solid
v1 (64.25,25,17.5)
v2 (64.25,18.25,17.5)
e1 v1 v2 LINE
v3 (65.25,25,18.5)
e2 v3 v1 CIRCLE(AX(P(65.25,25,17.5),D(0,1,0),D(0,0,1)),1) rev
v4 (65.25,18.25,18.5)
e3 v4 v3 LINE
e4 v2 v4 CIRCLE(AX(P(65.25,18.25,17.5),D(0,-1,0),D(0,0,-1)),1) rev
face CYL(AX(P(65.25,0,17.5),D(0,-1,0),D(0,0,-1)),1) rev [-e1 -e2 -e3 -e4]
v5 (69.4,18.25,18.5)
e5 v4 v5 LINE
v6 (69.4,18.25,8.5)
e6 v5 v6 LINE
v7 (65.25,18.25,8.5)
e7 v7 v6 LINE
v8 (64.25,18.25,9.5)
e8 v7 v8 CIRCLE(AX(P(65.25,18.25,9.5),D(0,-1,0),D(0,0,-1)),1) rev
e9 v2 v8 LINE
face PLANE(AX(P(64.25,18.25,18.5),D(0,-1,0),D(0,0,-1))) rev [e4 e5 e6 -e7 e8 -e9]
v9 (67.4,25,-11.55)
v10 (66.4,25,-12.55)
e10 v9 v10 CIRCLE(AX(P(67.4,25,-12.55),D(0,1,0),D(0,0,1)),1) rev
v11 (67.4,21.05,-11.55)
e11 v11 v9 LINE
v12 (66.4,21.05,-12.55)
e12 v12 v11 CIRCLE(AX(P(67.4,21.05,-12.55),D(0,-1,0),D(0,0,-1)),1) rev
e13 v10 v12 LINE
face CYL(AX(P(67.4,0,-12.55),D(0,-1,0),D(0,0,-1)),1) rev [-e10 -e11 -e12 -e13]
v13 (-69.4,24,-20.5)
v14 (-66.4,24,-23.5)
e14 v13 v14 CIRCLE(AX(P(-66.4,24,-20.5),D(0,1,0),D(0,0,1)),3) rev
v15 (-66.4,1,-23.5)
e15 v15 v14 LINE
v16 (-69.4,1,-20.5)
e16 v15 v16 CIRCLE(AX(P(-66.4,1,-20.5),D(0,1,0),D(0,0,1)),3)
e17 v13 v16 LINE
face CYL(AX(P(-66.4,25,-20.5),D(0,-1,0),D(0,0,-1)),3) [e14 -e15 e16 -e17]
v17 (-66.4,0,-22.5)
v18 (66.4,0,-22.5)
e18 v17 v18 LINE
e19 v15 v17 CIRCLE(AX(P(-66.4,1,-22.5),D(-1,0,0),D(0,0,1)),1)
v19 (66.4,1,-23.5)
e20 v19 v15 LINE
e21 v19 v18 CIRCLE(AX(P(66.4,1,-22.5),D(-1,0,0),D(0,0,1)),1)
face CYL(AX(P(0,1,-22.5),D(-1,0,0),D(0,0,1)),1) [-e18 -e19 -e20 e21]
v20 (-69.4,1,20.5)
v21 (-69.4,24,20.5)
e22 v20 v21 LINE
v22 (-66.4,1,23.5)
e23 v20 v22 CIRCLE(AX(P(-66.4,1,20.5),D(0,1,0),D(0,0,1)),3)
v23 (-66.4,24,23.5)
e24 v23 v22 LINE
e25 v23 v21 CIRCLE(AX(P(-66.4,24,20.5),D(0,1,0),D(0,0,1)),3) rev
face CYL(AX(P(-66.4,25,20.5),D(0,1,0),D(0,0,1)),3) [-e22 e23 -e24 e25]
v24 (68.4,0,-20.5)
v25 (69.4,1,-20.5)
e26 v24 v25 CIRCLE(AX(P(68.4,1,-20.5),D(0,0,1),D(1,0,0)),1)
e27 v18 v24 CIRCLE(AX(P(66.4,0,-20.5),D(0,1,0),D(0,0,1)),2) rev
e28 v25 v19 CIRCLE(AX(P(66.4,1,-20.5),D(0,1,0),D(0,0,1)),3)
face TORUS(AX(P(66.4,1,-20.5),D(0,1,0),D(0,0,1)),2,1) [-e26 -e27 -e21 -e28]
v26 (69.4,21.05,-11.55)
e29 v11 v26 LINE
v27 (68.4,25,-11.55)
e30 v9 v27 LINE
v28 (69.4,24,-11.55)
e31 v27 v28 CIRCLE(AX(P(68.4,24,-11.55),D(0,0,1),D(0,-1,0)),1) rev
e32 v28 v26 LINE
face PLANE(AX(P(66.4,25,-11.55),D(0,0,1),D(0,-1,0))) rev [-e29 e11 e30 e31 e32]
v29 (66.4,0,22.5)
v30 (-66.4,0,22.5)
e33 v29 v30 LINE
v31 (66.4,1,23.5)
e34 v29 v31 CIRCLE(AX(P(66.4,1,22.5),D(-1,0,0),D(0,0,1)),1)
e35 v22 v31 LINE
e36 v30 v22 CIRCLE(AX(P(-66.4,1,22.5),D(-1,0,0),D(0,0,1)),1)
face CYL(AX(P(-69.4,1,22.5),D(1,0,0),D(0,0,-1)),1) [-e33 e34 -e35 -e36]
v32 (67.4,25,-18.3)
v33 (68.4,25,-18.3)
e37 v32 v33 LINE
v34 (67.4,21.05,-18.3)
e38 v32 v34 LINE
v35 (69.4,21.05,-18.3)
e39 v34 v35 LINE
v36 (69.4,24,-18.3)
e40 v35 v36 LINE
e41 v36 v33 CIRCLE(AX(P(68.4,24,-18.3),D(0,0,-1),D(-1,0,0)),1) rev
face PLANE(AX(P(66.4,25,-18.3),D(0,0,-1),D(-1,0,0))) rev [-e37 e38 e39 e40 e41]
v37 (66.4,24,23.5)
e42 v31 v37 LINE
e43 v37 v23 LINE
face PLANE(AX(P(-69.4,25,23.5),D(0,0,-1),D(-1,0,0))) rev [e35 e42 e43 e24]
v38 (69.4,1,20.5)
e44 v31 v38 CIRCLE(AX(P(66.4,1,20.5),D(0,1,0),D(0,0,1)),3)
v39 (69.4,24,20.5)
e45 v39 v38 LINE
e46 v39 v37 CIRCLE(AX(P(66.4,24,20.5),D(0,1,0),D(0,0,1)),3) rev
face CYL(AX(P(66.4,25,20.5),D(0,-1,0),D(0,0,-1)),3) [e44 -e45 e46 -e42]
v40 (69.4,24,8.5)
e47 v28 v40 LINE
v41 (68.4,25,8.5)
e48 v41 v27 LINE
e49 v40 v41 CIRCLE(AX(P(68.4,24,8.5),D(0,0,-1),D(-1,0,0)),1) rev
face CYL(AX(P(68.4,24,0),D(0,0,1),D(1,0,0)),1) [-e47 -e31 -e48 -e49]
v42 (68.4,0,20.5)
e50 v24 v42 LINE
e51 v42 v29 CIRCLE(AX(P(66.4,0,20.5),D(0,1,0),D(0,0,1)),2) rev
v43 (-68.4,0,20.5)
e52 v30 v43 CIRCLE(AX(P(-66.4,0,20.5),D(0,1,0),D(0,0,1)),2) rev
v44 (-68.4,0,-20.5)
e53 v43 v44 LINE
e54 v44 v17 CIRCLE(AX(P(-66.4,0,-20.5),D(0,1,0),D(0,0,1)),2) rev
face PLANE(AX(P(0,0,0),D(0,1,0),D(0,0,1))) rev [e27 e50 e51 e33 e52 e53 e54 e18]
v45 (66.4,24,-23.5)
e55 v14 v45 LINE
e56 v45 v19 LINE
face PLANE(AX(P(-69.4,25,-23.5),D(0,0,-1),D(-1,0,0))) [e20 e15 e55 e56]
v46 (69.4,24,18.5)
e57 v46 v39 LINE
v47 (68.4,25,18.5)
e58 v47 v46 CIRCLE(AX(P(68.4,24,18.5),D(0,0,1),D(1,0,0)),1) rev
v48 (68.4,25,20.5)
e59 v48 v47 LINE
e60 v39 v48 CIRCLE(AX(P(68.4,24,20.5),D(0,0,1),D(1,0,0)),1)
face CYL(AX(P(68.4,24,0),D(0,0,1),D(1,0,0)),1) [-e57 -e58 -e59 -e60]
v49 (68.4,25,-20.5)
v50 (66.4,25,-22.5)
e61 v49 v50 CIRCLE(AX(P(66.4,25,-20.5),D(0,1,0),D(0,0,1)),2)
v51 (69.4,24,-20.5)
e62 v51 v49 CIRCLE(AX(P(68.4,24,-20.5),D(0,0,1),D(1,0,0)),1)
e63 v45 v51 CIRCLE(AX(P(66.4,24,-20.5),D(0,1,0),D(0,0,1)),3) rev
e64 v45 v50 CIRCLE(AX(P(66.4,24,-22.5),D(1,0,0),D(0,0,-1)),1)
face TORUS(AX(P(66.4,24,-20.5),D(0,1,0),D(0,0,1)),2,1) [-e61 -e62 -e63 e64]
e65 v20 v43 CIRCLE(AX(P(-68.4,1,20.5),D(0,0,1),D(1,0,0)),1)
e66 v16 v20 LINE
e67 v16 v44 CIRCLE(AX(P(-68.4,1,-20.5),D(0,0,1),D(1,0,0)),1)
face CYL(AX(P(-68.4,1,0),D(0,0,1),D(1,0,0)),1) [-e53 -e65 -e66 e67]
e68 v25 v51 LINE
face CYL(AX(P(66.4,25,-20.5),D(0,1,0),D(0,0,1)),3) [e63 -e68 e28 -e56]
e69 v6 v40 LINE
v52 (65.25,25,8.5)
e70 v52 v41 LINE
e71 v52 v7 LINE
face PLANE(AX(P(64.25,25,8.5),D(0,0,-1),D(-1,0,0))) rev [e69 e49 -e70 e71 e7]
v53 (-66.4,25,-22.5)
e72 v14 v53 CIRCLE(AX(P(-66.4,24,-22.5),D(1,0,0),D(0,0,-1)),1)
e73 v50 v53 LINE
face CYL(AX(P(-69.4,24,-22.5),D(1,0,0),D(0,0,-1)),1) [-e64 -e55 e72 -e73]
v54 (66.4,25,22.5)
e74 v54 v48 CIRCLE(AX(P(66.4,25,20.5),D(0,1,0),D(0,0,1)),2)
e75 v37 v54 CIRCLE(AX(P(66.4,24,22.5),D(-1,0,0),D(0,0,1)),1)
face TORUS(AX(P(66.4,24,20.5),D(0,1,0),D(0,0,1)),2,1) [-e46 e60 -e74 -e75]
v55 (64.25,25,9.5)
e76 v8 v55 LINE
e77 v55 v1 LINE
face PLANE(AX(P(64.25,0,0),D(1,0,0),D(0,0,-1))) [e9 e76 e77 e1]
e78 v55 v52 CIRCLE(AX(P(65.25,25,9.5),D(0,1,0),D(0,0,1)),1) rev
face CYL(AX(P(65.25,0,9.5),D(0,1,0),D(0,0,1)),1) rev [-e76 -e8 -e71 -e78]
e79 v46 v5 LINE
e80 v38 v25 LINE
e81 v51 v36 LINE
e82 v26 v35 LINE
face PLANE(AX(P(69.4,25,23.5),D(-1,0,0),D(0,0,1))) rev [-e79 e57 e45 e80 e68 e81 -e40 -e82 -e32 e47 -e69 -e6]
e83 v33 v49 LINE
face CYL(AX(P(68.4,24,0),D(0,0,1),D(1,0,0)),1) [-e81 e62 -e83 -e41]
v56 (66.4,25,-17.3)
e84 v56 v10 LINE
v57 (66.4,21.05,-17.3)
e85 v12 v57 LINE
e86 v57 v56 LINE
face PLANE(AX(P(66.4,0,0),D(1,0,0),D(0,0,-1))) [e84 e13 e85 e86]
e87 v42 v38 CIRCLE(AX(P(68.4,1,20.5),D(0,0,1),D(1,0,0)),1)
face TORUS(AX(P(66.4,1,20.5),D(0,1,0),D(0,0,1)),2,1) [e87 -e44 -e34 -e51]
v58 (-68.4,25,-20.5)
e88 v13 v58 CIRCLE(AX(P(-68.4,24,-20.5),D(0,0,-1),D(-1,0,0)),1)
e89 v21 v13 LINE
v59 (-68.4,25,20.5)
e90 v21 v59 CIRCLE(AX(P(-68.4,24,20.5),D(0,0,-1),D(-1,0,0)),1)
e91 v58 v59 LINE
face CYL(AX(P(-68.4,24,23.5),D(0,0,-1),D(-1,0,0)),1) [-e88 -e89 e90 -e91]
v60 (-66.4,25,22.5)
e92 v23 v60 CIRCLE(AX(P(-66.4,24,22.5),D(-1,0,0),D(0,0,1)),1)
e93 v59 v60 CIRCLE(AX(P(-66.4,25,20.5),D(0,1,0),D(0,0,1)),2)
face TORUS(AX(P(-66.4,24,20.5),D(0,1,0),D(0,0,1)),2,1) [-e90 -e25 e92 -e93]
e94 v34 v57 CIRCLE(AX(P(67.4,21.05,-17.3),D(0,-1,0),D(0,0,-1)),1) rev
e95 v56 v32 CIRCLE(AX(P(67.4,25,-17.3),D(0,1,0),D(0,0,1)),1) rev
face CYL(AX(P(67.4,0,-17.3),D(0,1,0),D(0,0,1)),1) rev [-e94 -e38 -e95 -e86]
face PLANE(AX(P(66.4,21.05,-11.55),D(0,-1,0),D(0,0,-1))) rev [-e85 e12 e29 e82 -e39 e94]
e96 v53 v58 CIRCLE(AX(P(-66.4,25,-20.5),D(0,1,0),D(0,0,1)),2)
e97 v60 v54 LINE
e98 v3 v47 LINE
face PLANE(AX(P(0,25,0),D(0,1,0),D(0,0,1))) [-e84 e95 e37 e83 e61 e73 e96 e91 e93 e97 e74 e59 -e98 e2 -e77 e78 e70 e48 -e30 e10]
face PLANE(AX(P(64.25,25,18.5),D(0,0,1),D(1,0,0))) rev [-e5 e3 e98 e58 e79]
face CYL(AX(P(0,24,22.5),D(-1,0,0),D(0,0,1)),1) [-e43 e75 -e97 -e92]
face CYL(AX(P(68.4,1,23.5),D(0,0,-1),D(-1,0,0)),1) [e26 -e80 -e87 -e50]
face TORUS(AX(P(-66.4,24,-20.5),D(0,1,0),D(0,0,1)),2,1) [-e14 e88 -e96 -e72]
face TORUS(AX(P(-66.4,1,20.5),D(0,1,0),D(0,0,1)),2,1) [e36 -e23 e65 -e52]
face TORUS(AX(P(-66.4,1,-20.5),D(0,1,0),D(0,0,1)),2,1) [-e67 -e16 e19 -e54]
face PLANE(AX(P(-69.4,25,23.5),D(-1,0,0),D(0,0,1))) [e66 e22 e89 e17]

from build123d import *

# Parameters (mm, degrees)
SKETCH1_W           = 138.8
SKETCH1_H           = 47
BOSS_EXTRUDE1_DEPTH = 25
SKETCH2_W           = 10
SKETCH2_H           = 6.75
CUT_EXTRUDE1_DEPTH  = 5.15
SKETCH3_W           = 6.75
SKETCH3_H           = 3.95
CUT_EXTRUDE2_DEPTH  = 3
FILLET1_R           = 3
FILLET2_R           = 1
FILLET3_R           = 1


with BuildPart() as part:
    # Sketch1 → Boss-Extrude1 (new body)
    with BuildSketch(Plane(origin=(0, 0, 0), x_dir=(1, 0, 0), z_dir=(0, 1, 0))):
        Rectangle(SKETCH1_W, SKETCH1_H)
    extrude(amount=BOSS_EXTRUDE1_DEPTH)

    # Sketch2 → Cut-Extrude1 (cut)
    with BuildSketch(Plane(origin=(69.4, 0, 0), x_dir=(0, 0, -1), z_dir=(1, 0, 0))):
        with Locations((-13.5, 21.625)):
            Rectangle(SKETCH2_W, SKETCH2_H)
    extrude(amount=-CUT_EXTRUDE1_DEPTH, mode=Mode.SUBTRACT)

    # Sketch3 → Cut-Extrude2 (cut)
    with BuildSketch(Plane(origin=(69.4, 0, 0), x_dir=(0, 0, -1), z_dir=(1, 0, 0))):
        with Locations((14.925, 23.025)):
            Rectangle(SKETCH3_W, SKETCH3_H)
    extrude(amount=-CUT_EXTRUDE2_DEPTH, mode=Mode.SUBTRACT)

    # Fillet1
    fillet1_edges = [part.edges().sort_by_distance(p)[0] for p in [
        (-69.4, 12.5, 23.5),
        (-69.4, 12.5, -23.5),
        (69.4, 12.5, -23.5),
        (69.4, 12.5, 23.5),
    ]]
    fillet(fillet1_edges, radius=FILLET1_R)

    # Fillet2
    fillet2_edges = [part.edges().sort_by_distance(p)[0] for p in [
        (69.4, 25, -1.525),
        (69.4, 25, -19.4),
        (-69.4, 0, 0),
        (-69.4, 25, 0),
        (0, 0, 23.5),
        (0, 0, -23.5),
        (69.4, 0, 0),
        (-68.521320344, 0, 22.621320344),
        (68.521320344, 0, 22.621320344),
        (68.521320344, 0, -22.621320344),
        (-68.521320344, 0, -22.621320344),
        (0, 25, -23.5),
        (0, 25, 23.5),
        (69.4, 25, 19.5),
        (-68.521320344, 25, 22.621320344),
        (68.521320344, 25, 22.621320344),
        (68.521320344, 25, -22.621320344),
        (-68.521320344, 25, -22.621320344),
    ]]
    fillet(fillet2_edges, radius=FILLET2_R)

    # Fillet3
    fillet3_edges = [part.edges().sort_by_distance(p)[0] for p in [
        (64.25, 21.625, 18.5),
        (64.25, 21.625, 8.5),
        (66.4, 23.025, -11.55),
        (66.4, 23.025, -18.3),
    ]]
    fillet(fillet3_edges, radius=FILLET3_R)


solid = part.part
